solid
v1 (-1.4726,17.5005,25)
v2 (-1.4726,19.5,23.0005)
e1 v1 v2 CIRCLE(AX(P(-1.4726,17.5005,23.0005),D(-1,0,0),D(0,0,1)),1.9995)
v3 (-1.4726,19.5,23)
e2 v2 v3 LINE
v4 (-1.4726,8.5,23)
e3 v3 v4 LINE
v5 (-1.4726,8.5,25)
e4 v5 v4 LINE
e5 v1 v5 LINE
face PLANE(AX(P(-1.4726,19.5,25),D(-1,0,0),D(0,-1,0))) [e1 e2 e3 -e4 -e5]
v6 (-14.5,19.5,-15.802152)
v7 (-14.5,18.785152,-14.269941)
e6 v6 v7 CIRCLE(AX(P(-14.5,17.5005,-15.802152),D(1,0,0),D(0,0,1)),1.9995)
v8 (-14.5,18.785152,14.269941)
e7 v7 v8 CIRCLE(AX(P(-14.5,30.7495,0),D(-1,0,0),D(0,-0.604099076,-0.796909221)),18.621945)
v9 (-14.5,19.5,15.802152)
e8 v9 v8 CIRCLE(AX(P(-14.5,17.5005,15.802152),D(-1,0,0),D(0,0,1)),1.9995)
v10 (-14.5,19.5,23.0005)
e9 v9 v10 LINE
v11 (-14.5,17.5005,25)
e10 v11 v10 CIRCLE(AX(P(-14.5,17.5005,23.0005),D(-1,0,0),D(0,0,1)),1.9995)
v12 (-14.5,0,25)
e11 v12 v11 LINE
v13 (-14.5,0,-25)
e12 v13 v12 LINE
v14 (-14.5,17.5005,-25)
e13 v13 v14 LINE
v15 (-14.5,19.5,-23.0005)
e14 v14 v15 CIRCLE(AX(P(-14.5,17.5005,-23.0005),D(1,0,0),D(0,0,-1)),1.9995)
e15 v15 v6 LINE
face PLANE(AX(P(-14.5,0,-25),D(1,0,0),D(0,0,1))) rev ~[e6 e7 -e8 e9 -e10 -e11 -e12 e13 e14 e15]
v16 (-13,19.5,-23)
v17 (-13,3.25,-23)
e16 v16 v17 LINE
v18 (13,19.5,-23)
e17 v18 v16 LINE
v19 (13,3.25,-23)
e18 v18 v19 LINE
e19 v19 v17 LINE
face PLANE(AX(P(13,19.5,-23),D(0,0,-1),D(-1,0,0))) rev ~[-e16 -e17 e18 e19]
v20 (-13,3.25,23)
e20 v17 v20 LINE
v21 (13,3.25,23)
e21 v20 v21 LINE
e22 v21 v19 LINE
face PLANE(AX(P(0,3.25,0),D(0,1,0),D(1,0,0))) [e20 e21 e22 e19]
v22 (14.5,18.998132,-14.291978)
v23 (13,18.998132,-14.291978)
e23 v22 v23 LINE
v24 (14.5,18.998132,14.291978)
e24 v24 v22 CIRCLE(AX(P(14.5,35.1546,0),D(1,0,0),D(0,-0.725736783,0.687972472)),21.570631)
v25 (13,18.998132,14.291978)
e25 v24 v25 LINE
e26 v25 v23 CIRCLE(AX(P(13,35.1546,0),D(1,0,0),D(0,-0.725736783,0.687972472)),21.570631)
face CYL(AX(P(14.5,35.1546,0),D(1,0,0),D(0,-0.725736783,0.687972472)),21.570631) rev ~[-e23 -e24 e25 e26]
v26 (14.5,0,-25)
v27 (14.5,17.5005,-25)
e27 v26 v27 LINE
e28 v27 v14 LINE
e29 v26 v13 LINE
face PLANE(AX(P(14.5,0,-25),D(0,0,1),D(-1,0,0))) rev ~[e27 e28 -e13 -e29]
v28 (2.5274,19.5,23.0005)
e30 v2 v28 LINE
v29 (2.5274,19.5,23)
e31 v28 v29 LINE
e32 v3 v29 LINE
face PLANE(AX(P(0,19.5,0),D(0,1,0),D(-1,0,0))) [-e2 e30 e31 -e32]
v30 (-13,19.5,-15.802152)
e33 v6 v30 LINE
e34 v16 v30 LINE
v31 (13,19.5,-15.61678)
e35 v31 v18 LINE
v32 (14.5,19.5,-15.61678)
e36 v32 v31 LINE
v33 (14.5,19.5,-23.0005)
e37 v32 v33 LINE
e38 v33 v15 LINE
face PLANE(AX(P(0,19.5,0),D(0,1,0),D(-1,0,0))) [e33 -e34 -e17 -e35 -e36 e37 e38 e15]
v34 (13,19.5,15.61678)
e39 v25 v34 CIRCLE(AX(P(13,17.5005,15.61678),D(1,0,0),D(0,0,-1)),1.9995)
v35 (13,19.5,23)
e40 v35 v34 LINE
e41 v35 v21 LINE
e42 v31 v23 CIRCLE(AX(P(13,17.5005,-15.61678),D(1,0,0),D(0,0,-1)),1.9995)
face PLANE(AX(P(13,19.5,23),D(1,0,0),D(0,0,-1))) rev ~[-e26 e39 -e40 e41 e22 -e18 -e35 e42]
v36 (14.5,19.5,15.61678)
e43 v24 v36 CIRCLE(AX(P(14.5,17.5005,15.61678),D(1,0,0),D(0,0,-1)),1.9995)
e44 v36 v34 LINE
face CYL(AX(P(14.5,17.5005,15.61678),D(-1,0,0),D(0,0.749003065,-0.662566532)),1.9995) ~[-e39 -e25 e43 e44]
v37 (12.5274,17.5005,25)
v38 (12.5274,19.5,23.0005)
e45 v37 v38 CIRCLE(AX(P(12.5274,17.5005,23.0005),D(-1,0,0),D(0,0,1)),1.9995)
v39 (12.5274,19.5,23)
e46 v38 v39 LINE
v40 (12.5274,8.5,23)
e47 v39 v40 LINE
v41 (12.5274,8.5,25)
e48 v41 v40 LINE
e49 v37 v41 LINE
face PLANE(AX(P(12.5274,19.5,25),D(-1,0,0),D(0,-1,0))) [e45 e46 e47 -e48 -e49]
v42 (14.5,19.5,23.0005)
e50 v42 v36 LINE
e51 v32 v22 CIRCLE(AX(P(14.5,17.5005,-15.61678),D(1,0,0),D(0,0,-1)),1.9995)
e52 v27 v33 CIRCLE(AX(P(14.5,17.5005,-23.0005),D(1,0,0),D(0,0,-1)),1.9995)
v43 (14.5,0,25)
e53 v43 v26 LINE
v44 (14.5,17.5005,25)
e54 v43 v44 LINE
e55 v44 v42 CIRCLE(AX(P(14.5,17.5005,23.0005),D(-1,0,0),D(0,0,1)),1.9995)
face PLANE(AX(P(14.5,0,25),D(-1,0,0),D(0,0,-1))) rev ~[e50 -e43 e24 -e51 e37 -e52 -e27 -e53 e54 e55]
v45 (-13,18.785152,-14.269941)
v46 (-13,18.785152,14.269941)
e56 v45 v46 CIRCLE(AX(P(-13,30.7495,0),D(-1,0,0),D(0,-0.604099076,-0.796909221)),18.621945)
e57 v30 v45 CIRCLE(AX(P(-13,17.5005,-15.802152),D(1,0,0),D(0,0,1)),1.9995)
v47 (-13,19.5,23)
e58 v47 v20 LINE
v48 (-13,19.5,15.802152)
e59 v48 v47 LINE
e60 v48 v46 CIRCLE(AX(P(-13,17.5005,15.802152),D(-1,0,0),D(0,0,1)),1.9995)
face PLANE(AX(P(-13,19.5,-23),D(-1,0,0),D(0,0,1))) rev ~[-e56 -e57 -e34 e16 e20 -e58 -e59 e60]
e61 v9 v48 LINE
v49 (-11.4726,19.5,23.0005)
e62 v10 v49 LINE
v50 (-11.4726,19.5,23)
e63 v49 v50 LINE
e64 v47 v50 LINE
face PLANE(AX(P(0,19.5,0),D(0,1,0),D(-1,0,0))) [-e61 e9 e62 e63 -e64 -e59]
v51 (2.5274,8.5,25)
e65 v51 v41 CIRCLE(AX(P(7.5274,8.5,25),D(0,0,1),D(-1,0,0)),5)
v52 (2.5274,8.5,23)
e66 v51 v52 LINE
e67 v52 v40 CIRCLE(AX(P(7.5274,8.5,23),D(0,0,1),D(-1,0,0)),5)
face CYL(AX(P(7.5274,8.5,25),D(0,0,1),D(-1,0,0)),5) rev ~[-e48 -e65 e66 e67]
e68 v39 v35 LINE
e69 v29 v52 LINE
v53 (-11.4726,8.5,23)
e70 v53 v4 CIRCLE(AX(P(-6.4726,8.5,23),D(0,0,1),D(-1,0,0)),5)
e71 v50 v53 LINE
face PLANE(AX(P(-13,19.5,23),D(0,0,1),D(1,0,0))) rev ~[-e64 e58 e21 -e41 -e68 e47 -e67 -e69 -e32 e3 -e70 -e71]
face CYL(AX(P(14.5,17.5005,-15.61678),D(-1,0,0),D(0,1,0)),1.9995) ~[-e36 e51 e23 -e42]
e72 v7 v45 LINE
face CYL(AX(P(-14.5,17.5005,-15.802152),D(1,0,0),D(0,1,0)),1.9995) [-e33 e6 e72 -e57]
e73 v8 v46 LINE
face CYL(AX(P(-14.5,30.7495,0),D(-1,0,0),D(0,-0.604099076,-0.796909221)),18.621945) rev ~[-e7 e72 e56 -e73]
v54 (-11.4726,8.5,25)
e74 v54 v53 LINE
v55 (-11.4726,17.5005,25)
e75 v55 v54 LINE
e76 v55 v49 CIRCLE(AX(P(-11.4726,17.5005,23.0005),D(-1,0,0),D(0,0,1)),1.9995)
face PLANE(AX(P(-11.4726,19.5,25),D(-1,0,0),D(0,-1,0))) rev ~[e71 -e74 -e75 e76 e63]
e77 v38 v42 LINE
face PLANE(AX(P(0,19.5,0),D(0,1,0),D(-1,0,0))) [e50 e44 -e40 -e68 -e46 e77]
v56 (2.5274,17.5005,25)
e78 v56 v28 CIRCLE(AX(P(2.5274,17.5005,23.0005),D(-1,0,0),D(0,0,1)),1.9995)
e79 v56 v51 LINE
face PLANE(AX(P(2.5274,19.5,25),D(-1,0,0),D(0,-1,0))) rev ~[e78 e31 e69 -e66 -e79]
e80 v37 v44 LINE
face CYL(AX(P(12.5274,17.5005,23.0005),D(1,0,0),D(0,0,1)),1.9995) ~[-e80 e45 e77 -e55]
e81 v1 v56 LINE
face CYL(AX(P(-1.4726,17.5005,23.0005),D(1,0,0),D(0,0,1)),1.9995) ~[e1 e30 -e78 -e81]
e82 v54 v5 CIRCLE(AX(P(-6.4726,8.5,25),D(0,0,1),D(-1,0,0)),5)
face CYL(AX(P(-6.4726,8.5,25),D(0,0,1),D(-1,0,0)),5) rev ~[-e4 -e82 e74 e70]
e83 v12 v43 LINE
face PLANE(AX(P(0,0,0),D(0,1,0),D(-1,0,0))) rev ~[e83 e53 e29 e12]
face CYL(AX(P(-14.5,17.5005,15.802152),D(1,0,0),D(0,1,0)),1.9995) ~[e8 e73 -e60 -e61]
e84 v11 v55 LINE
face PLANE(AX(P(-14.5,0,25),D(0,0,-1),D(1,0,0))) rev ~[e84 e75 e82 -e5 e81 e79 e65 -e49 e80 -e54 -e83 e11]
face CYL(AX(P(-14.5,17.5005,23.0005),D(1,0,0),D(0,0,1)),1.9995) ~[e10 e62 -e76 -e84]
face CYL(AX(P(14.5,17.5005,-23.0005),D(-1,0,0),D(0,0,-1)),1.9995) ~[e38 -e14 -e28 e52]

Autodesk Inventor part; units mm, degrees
ref_plane "YZ Plane" through (0, 0, 0) normal (1, 0, 0) x (0, 1, 0)
ref_plane "XZ Plane" through (0, 0, 0) normal (0, 1, 0) x (-1, 0, 0)
ref_plane "XY Plane" through (0, 0, 0) normal (0, 0, 1) x (1, 0, 0)
sketch "Boceto1" plane through (0, 0, 0) normal (0, 1, 0) x (-1, 0, 0)
  line L0 (-13, -23) -> (13, -23)
  line L1 (13, -23) -> (13, 23)
  line L2 (13, 23) -> (-13, 23)
  line L3 (-13, 23) -> (-13, -23)
  line L4 (-13, -23) -> (13, 23) construction
  line L5 (13, -23) -> (-13, 23) construction
  line L6 (-14.5, -25) -> (14.5, -25)
  line L7 (14.5, -25) -> (14.5, 25)
  line L8 (14.5, 25) -> (-14.5, 25)
  line L9 (-14.5, 25) -> (-14.5, -25)
  line L10 (-14.5, -25) -> (14.5, 25) construction
  line L11 (14.5, -25) -> (-14.5, 25) construction
  point P0 (0, 0)
  dimension "d0" = 46
  dimension "d1" = 26
  dimension "d2" = 2
  dimension "d3" = 1.5
extrude "Extrusión1" add sketch "Boceto1" along normal blind 19.5 contours L3 L2 L1 L0 | L9 L8 L7 L6
sketch "Boceto2" plane through (0, 19.5, 0) normal (0, 1, 0) x (1, 0, 0)
  line L0 (-13, -23) -> (13, -23) projected
  line L1 (13, -23) -> (13, 23) projected
  line L2 (13, 23) -> (-13, 23) projected
  line L3 (-13, 23) -> (-13, -23) projected
  point P0 (0, 0)
extrude "Extrusión2" cut sketch "Boceto2" against normal blind 16.25
sketch "Boceto3" plane through (-14.5, 0, 25) normal (0, 0, 1) x (1, 0, 0)
  line L0 (29, 19.5) -> (0, 19.5) projected
  line L1 (13.0274, 19.5) -> (13.0274, 8.5)
  line L2 (17.0274, 19.5) -> (17.0274, 8.5)
  line L3 (3.0274, 19.5) -> (3.0274, 8.5)
  line L4 (27.0274, 19.5) -> (27.0274, 8.5)
  arc A0 (3.0274, 8.5) -> (13.0274, 8.5) centre (8.0274, 8.5) ccw
  arc A1 (17.0274, 8.5) -> (27.0274, 8.5) centre (22.0274, 8.5) ccw
  point P0 (14.5, 0)
  dimension "d8" = 11
  dimension "d10" = 10
  dimension "d11" = 10
  dimension "d12" = 4
  dimension "d13" = 11
  dimension "d14" = 11
  dimension "d15" = 11
extrude "Extrusión3" cut sketch "Boceto3" against normal blind 17
sketch "Boceto4" plane through (-14.5, 0, -25) normal (-1, 0, 0) x (0, 0, 1)
  line L0 (48, 19.5) -> (2, 19.5) projected
  arc A0 (10.16, 19.5) -> (39.84, 19.5) centre (25, 30.7495) ccw
  line L1 (0, 0) -> (0, 19.5) projected
  line L2 (50, 0) -> (50, 19.5) projected
  point P0 (25, 0)
  dimension "d18" = 10.16
  dimension "d19" = 10.16
extrude "Extrusión4" cut sketch "Boceto4" against normal blind 17
sketch "Boceto5" plane through (14.5, 0, 25) normal (1, 0, 0) x (0, 0, -1)
  line L0 (48, 19.5) -> (2, 19.5) projected
  arc A0 (10.16, 19.5) -> (39.84, 19.5) centre (25, 35.1546) ccw
  line L1 (50, 0) -> (50, 19.5) projected
  line L2 (0, 0) -> (0, 19.5) projected
  point P0 (25, 0)
  dimension "d22" = 10.16
  dimension "d23" = 10.16
extrude "Extrusión5" cut sketch "Boceto5" against normal blind 17
fillet "Empalme1" radius 2 8 edges at (13.75, 19.5, -14.84) (13.75, 19.5, 14.84) (13.5137, 19.5, 25) (-13.75, 19.5, -14.84) (-13.75, 19.5, 14.84) (-12.9863, 19.5, 25) (0.5274, 19.5, 25) (0, 19.5, -25)
properties part number "CASE batería"
